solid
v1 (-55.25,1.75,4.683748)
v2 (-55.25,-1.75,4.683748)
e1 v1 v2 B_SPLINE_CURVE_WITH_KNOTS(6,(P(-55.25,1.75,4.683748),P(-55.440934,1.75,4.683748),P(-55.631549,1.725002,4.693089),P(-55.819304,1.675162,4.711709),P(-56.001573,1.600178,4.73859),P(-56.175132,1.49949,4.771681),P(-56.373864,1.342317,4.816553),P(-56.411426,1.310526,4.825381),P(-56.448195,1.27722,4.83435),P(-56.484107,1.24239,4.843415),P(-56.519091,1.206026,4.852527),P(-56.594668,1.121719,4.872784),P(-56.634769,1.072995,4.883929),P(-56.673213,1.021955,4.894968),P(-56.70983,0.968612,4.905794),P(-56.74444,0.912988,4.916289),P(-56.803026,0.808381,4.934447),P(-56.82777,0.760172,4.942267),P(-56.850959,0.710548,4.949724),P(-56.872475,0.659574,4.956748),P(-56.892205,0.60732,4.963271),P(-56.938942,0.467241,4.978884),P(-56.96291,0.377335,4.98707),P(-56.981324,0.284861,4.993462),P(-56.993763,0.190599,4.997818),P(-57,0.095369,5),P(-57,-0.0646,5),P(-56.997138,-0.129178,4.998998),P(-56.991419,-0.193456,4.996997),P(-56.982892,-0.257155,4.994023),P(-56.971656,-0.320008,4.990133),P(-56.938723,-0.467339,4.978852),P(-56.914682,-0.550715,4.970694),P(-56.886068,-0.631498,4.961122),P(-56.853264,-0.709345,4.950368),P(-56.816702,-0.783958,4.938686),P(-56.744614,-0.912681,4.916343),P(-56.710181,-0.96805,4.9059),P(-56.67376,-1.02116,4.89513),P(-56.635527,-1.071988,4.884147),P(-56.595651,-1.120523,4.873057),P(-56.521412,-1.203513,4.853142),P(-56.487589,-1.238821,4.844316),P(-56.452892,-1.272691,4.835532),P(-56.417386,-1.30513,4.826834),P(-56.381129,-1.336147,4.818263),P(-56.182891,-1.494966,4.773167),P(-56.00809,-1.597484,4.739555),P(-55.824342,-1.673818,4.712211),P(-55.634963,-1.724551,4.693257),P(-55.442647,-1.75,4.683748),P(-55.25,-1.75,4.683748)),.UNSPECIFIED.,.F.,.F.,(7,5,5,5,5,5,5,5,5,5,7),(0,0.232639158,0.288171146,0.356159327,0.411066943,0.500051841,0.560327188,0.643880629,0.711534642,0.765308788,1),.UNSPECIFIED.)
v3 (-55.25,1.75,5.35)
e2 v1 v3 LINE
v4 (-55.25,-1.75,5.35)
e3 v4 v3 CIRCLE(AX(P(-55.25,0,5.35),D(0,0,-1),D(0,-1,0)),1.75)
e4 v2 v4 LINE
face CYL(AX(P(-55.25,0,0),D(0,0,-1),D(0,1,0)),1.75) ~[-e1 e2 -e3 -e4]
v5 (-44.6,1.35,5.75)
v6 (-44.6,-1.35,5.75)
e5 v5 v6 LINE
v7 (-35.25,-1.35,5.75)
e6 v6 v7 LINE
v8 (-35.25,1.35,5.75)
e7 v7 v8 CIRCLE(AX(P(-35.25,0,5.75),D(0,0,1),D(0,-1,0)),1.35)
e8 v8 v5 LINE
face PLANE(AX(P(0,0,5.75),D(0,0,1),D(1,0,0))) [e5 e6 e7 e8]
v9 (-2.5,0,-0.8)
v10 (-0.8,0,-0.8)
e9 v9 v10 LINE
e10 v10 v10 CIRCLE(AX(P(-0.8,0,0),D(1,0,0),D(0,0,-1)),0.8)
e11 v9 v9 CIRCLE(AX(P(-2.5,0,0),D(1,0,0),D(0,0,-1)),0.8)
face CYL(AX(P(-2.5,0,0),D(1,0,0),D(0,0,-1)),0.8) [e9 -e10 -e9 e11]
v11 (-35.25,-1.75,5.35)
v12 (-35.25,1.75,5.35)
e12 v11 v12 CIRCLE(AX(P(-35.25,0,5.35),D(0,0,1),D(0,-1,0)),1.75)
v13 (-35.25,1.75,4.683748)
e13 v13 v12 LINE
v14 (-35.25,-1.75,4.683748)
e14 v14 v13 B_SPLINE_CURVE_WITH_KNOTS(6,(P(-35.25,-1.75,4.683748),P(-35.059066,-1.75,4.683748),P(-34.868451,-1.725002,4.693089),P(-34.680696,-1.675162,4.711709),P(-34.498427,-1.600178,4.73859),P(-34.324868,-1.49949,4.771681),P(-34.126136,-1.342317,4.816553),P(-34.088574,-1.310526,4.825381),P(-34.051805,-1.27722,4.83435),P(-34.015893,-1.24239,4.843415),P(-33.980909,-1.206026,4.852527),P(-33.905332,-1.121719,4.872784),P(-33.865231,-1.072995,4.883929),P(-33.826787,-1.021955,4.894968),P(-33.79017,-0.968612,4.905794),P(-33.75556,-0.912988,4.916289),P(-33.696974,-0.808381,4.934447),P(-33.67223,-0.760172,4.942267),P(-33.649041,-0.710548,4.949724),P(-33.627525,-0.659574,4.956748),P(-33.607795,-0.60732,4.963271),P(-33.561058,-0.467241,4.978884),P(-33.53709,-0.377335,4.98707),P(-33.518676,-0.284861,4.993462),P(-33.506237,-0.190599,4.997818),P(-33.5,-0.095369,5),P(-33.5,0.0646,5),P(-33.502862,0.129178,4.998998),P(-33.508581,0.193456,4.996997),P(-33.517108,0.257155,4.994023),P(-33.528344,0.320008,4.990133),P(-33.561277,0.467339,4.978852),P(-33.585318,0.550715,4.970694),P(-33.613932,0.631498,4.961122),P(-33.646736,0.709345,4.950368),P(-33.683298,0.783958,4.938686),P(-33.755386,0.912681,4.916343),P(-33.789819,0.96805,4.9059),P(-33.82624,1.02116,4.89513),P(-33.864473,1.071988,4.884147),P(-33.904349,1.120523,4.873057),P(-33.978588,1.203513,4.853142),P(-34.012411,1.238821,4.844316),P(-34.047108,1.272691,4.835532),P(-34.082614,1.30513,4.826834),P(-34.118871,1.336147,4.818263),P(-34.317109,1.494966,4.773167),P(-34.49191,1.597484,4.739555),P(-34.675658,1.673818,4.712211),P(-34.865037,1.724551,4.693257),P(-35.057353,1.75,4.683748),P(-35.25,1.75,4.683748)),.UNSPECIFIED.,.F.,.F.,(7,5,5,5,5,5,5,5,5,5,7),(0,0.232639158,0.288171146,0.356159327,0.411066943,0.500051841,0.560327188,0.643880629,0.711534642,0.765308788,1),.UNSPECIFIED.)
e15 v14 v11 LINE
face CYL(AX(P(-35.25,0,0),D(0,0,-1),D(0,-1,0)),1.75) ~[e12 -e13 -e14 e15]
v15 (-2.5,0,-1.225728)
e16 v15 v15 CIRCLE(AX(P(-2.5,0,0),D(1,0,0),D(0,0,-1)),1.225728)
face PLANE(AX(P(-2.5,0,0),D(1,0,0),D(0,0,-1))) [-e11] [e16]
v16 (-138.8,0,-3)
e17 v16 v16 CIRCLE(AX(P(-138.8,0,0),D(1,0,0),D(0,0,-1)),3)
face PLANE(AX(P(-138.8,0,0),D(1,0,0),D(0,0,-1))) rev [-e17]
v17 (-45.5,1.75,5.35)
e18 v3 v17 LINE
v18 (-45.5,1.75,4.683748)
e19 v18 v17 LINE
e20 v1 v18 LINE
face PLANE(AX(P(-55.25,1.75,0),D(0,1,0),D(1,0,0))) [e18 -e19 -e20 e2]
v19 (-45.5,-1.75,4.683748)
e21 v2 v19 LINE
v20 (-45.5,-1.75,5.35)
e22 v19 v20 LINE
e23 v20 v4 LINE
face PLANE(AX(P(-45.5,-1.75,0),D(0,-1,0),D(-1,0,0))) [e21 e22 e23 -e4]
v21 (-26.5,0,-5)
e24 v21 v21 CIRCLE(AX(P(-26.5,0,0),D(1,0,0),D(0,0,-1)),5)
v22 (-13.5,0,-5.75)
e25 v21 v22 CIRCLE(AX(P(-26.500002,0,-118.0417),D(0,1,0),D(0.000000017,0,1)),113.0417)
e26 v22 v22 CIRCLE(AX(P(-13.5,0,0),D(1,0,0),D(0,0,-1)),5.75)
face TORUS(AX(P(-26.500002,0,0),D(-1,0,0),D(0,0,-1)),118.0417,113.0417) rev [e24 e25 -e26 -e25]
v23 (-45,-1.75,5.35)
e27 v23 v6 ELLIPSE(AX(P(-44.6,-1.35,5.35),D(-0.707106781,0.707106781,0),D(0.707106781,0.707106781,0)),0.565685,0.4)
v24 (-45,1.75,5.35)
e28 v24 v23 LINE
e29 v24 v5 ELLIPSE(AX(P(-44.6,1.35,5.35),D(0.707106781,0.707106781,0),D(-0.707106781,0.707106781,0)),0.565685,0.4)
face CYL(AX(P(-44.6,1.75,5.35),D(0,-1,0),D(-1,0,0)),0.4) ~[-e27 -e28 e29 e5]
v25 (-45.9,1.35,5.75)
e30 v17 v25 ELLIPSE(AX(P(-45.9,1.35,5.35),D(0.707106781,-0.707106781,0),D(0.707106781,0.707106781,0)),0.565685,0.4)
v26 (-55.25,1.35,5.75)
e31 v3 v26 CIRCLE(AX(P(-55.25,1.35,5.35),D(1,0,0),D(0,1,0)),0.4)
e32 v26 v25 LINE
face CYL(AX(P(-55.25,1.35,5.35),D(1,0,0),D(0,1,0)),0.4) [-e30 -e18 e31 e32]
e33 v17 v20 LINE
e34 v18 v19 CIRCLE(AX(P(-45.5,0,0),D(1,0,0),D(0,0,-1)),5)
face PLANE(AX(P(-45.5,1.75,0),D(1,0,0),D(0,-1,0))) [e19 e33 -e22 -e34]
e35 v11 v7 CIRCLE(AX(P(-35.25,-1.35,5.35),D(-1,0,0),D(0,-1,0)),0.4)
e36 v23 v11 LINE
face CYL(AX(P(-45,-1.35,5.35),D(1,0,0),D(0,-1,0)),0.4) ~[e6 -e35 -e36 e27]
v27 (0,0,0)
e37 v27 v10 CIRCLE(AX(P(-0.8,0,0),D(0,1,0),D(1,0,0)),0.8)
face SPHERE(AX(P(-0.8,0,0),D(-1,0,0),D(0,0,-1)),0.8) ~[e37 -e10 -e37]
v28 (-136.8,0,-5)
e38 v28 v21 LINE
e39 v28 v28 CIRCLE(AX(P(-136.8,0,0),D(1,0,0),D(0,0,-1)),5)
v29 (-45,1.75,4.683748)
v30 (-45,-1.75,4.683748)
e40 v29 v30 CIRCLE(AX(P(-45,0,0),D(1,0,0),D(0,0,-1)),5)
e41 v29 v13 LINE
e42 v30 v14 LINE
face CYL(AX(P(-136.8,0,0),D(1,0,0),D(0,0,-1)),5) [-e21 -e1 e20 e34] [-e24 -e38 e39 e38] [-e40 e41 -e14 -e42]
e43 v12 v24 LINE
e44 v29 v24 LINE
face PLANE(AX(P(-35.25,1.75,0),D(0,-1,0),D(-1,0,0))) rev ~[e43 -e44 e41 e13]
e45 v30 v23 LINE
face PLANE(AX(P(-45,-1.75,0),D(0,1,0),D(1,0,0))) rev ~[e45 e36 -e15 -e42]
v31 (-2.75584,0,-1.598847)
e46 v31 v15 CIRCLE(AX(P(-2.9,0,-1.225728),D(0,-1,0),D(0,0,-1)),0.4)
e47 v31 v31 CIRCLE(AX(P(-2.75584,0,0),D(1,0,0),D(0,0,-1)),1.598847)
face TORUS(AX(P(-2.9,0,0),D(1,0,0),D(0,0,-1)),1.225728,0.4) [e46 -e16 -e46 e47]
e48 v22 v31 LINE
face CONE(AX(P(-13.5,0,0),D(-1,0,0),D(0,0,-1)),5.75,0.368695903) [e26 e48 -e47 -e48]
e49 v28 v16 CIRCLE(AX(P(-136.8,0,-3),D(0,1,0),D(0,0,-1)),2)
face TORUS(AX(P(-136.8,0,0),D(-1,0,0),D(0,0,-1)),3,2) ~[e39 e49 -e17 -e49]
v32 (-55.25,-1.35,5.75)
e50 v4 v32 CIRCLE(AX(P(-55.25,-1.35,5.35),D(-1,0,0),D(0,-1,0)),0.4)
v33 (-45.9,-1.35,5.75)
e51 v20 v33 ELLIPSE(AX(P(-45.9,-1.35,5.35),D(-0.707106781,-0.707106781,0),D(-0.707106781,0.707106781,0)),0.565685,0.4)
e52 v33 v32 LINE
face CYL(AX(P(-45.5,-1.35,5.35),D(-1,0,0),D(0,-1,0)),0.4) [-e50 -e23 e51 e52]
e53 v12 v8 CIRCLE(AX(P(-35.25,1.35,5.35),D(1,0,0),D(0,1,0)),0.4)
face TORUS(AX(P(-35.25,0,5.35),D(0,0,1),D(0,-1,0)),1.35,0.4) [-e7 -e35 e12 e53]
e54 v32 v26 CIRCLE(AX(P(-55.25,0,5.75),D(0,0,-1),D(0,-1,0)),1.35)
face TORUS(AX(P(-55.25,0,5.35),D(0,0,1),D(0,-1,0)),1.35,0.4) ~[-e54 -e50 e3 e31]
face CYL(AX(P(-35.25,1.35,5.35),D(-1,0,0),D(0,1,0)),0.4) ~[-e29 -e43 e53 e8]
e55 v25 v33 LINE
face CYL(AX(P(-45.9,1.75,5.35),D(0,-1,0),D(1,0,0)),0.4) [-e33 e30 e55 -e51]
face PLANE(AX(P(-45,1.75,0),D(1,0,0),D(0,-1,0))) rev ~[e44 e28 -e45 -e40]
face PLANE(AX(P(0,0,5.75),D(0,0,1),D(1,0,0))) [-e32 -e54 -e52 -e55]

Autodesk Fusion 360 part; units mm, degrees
sketch "Sketch1" plane through (0, 0, 0) normal (0, 1, 0) x (1, 0, 0)
  line L0 (-138.8, 0) -> (-138.8, 3)
  arc A0 (-136.8, 5) -> (-138.8, 3) centre (-136.8, 3) ccw
  line L1 (-136.8, 5) -> (-26.5, 5)
  arc A1 (-26.5, 5) -> (-13.5, 5.75) centre (-26.5, 118.0417) ccw
  line L2 (-13.5, 5.75) -> (-2.5, 1.5)
  line L3 (-2.5, 1.5) -> (-2.5, 0.8)
  line L4 (-2.5, 0.8) -> (-0.8, 0.8)
  arc A2 (0, 0) -> (-0.8, 0.8) centre (-0.8, 0) ccw
  line L5 (0, 5) -> (0, -5) construction
  line L6 (1.75, 0) -> (22.5, 0)
  line L7 (-138.8, 0) -> (0, 0)
  dimension "d1" = 0.8
  dimension "d2" = 2.5
  dimension "d3" = 1.5
  dimension "d4" = 11
  dimension "d5" = 5.75
  dimension "d6" = 5
  dimension "d7" = 13
  dimension "d8" = 3
  dimension "d9" = 125.3
revolve "Revolve1" add sketch "Sketch1" angle 360 about axis through (1.75, 0, 0) along (1, 0, 0)
sketch "Sketch2" plane through (0, 0, 0) normal (0, 0, 1) x (1, 0, 0)
  line L0 (-45, 1.75) -> (-45, -1.75)
  line L1 (-45, -1.75) -> (-35.25, -1.75)
  arc A0 (-35.25, -1.75) -> (-35.25, 1.75) centre (-35.25, 0) ccw
  line L2 (-35.25, 1.75) -> (-45, 1.75)
  line L3 (-45.5, 1.75) -> (-45.5, -1.75)
  line L4 (-45.5, -1.75) -> (-55.25, -1.75)
  arc A1 (-55.25, 1.75) -> (-55.25, -1.75) centre (-55.25, 0) ccw
  line L5 (-55.25, 1.75) -> (-45.5, 1.75)
  line L6 (-57, 0) -> (-33.5, 0) construction
  point P0 (-13.5, 0)
  dimension "d11" = 0.5
  dimension "d12" = 3.5
  dimension "d13" = 23.5
  dimension "d14" = 20
extrude "Extrude1" add sketch "Sketch2" along normal blind 5.75
fillet "Fillet1" radius 0.4 8 edges at (-40.125, -1.75, 5.75) (-33.5, 0, 5.75) (-40.125, 1.75, 5.75) (-50.375, 1.75, 5.75) (-57, 0, 5.75) (-50.375, -1.75, 5.75) (-45.5, 0, 5.75) (-45, 0, 5.75)
fillet "Fillet1" radius 0.4 1 edges at (-2.5, -0.5424, 1.3985)
